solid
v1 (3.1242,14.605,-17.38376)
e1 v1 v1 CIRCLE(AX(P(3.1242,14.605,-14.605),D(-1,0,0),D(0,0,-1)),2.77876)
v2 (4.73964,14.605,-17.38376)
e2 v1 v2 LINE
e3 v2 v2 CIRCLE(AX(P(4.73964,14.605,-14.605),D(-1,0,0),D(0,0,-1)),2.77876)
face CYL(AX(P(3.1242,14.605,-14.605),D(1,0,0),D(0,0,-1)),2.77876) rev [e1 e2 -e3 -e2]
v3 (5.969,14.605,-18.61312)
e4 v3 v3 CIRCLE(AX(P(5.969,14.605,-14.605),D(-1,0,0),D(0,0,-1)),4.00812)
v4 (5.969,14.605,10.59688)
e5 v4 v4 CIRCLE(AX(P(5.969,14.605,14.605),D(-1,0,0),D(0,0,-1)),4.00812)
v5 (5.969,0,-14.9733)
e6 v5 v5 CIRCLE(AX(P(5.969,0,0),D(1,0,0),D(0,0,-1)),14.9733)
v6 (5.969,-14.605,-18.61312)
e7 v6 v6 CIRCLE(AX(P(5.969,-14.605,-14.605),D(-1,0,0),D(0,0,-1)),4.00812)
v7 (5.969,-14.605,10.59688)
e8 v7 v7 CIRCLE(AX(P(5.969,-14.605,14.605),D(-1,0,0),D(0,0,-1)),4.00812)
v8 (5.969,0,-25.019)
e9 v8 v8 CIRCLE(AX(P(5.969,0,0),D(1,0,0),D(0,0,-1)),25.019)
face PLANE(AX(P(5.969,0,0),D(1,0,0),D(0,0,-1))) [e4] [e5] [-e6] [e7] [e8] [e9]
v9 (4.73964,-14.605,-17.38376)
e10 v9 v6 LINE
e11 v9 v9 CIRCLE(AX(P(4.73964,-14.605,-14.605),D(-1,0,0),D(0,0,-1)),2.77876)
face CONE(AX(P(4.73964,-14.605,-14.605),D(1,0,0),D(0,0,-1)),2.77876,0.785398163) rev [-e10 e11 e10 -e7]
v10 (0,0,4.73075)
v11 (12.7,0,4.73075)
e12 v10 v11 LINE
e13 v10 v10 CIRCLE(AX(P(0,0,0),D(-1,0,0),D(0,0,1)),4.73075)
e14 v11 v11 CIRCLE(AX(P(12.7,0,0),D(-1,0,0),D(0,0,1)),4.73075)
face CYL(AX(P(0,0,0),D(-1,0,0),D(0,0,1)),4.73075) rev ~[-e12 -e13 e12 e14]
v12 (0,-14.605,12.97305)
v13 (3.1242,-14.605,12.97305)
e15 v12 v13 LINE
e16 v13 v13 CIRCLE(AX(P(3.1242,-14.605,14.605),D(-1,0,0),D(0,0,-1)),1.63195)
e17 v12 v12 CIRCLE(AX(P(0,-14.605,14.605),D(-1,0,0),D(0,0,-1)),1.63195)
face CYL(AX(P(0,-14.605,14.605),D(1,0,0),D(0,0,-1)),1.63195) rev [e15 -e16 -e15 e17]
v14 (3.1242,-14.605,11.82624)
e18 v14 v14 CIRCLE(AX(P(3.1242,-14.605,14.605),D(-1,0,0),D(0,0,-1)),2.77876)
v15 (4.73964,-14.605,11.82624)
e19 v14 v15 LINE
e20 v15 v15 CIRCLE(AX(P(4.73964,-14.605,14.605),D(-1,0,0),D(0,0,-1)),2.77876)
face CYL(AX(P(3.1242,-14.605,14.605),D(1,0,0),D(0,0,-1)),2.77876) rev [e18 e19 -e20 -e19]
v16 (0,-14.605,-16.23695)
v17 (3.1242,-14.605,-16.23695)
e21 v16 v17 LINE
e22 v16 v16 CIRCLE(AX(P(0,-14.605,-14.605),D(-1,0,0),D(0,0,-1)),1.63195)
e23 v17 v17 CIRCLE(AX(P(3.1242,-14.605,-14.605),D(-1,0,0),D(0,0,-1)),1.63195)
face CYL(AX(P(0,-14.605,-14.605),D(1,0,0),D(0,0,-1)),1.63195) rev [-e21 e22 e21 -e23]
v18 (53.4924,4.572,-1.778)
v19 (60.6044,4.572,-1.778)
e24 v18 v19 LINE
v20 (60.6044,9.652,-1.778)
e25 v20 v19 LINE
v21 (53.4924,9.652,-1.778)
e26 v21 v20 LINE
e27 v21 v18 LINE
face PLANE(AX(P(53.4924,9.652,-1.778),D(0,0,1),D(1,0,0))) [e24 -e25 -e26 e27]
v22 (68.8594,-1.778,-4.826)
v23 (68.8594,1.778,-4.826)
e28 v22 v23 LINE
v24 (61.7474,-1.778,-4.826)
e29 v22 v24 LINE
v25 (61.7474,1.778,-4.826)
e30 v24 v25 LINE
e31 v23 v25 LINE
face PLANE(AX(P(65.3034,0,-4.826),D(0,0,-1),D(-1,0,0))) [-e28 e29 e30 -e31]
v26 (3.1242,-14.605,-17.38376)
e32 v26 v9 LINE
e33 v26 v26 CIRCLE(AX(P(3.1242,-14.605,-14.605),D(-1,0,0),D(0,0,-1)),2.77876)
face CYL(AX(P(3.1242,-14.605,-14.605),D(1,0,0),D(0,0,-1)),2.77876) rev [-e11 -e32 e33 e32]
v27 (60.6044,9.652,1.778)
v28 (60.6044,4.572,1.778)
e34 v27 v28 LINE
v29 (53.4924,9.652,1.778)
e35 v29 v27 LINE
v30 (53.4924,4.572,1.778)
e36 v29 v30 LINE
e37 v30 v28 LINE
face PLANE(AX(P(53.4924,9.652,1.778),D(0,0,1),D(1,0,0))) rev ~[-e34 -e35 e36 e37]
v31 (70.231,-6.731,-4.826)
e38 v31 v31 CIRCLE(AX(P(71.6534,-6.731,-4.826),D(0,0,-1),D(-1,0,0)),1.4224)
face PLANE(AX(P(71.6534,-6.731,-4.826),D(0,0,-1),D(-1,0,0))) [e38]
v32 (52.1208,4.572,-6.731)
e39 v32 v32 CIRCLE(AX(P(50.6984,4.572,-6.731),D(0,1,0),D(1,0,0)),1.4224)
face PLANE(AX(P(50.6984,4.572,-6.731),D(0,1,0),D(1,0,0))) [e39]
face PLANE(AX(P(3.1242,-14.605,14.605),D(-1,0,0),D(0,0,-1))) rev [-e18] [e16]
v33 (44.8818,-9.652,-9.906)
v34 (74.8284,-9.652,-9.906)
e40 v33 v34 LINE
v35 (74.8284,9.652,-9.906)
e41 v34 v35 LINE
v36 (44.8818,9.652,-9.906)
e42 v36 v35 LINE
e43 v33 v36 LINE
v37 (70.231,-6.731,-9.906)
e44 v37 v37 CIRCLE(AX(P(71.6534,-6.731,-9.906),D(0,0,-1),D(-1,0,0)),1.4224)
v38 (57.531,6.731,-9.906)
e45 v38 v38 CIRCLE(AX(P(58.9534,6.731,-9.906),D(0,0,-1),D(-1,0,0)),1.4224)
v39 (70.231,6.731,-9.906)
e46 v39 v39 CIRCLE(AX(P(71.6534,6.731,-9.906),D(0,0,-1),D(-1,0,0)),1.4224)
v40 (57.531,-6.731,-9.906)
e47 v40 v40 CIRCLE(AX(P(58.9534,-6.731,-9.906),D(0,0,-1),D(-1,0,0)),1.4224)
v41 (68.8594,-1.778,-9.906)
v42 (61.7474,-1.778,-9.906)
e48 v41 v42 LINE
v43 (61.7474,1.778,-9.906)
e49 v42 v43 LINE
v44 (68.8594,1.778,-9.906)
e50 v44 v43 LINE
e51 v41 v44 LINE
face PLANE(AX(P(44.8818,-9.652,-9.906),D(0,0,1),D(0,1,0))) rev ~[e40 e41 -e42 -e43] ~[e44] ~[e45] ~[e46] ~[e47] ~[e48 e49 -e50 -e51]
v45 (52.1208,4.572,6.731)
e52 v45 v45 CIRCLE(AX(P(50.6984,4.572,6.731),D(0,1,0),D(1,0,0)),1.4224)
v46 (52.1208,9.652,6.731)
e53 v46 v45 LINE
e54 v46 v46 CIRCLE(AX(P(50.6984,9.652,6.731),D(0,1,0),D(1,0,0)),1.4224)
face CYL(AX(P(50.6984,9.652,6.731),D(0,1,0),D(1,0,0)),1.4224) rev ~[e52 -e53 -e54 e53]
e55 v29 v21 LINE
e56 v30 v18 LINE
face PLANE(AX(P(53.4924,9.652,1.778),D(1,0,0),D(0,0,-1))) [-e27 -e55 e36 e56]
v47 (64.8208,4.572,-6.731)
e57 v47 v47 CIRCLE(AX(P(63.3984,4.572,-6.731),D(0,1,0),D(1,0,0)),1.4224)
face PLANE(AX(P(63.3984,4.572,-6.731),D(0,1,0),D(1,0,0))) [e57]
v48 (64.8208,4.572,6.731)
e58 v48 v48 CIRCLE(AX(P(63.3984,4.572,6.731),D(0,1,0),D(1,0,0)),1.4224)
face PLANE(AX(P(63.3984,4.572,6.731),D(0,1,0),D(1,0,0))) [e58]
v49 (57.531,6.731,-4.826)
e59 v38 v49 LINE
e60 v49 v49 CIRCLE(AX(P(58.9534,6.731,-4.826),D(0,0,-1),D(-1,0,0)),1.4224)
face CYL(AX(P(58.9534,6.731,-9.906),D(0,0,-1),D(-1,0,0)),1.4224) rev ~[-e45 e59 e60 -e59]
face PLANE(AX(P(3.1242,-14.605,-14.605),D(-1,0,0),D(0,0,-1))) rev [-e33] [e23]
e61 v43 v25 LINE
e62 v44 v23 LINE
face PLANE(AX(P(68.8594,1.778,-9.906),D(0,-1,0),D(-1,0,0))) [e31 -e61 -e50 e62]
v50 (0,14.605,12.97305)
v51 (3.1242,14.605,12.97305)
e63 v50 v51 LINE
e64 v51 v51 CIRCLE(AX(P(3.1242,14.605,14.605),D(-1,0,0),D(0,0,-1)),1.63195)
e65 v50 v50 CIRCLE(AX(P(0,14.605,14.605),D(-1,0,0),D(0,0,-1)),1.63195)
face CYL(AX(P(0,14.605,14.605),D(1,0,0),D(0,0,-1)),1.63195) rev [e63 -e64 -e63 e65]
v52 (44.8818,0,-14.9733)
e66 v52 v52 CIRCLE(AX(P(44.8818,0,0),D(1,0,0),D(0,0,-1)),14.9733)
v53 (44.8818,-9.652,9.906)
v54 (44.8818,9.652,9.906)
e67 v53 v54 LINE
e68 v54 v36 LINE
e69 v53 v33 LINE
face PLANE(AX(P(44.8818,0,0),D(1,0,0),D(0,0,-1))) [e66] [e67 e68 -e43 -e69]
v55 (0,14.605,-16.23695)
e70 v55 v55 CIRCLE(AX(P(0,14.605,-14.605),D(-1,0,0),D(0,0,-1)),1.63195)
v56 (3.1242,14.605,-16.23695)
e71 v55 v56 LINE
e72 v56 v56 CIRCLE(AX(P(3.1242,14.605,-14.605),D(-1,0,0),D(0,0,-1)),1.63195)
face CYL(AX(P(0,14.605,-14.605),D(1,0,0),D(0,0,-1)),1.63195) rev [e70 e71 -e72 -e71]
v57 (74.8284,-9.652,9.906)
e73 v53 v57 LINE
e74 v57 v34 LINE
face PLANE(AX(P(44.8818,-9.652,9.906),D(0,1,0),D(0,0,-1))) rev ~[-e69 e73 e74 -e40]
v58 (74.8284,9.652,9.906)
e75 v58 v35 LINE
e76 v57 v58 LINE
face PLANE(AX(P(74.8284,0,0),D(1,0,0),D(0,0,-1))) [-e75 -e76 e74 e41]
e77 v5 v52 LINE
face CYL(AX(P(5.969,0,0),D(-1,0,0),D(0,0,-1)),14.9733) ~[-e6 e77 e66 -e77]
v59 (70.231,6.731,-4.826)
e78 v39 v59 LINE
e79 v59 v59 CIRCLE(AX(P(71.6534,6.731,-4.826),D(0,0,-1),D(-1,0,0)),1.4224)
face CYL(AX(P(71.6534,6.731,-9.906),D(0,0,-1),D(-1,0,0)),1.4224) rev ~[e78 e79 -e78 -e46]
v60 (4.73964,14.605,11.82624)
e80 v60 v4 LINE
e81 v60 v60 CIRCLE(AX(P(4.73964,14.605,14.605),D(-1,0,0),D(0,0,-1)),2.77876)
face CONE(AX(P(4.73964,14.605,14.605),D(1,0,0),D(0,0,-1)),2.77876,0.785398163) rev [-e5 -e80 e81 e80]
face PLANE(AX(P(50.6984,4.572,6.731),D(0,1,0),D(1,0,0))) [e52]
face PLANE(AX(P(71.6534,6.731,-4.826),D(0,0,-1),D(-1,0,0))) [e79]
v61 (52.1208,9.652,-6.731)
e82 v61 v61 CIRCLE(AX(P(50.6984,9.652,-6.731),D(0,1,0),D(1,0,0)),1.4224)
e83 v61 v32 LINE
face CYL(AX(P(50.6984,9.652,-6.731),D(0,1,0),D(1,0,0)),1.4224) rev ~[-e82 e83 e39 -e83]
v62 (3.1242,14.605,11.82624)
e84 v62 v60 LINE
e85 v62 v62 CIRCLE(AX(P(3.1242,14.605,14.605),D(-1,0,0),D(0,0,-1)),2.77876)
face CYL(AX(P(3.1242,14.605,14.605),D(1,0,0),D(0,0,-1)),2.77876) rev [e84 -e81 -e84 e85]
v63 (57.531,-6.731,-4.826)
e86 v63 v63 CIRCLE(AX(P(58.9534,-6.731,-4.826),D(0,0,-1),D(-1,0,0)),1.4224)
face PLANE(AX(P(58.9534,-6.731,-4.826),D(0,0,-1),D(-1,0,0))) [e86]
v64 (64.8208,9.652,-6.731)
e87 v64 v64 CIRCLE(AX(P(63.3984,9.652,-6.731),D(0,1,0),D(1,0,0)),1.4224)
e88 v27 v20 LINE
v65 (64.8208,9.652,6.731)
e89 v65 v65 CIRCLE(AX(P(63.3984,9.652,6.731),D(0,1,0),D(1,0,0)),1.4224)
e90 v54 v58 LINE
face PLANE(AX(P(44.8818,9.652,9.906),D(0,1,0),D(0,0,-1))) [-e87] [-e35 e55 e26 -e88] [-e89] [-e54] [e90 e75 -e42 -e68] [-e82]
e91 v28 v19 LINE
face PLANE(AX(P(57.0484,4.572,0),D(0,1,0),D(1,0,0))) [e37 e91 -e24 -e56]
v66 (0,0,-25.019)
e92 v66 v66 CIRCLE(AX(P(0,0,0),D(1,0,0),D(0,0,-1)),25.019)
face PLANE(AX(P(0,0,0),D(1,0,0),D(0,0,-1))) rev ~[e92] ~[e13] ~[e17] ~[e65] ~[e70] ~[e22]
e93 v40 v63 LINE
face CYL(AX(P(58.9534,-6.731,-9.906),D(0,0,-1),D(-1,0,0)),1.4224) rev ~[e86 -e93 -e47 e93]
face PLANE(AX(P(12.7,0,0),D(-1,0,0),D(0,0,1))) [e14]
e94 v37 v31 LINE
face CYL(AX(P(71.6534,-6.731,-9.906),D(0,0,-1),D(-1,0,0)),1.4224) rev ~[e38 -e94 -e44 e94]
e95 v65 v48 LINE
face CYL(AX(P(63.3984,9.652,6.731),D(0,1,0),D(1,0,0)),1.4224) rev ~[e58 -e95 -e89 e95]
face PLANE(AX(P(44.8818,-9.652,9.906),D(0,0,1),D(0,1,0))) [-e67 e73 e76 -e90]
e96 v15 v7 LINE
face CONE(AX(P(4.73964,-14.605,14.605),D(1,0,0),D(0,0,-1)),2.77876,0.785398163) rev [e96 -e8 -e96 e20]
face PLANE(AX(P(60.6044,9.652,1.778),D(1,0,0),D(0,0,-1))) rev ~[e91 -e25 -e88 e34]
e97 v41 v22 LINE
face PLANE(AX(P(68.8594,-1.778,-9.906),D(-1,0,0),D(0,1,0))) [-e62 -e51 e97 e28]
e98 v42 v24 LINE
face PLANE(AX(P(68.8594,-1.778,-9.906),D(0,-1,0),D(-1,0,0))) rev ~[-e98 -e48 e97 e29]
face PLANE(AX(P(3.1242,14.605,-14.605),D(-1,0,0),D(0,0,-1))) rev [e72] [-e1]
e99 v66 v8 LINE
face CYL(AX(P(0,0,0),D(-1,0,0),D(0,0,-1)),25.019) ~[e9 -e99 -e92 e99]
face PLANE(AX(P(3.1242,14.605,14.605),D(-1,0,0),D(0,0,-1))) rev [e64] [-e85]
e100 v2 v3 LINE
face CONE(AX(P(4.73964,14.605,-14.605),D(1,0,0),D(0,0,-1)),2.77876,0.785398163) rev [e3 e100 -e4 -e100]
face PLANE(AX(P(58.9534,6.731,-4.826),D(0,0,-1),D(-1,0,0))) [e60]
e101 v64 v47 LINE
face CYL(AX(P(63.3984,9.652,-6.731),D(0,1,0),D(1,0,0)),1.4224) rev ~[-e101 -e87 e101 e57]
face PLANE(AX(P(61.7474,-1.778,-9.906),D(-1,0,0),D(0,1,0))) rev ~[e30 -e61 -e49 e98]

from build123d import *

# Parameters (mm, degrees)
SKETCH1_R                                     = 25.019
BOSS_EXTRUDE1_DEPTH                           = 5.969
SKETCH2_R                                     = 14.9733
BOSS_EXTRUDE2_DEPTH                           = 38.9128
SKETCH3_W                                     = 19.812
SKETCH3_H                                     = 19.304
BOSS_EXTRUDE3_DEPTH                           = 29.9466
CBORE_FOR_4_SOCKET_HEAD_CAP_SCREW1_AT_2_COUNT = 2
CBORE_FOR_4_SOCKET_HEAD_CAP_SCREW1_AT_2_PITCH = 29.21
CBORE_FOR_4_SOCKET_HEAD_CAP_SCREW1_AT_3_COUNT = 2
CBORE_FOR_4_SOCKET_HEAD_CAP_SCREW1_AT_3_PITCH = 29.21
CBORE_FOR_4_SOCKET_HEAD_CAP_SCREW1_AT_4_COUNT = 2
CBORE_FOR_4_SOCKET_HEAD_CAP_SCREW1_AT_4_PITCH = 41.309178157
SKETCH6_R                                     = 1.4224
SKETCH6_W                                     = 7.112
SKETCH6_H                                     = 3.556
CUT_EXTRUDE1_DEPTH                            = 5.08
SKETCH7_R                                     = 1.4224
SKETCH7_W                                     = 7.112
SKETCH7_H                                     = 3.556
CUT_EXTRUDE2_DEPTH                            = 5.08
SKETCH8_R                                     = 4.73075
CUT_EXTRUDE3_DEPTH                            = 12.7


with BuildPart() as part:
    # Sketch1 → Boss-Extrude1 (new body)
    with BuildSketch(Plane(origin=(0, 0, 0), x_dir=(0, 0, -1), z_dir=(1, 0, 0))):
        Circle(SKETCH1_R)
    extrude(amount=BOSS_EXTRUDE1_DEPTH)

    # Sketch2 → Boss-Extrude2 (add)
    with BuildSketch(Plane(origin=(5.969, 0, 0), x_dir=(0, 0, -1), z_dir=(1, 0, 0))):
        Circle(SKETCH2_R)
    extrude(amount=BOSS_EXTRUDE2_DEPTH)

    # Sketch3 → Boss-Extrude3 (add)
    with BuildSketch(Plane(origin=(44.8818, 0, 0), x_dir=(0, 0, -1), z_dir=(1, 0, 0))):
        Rectangle(SKETCH3_W, SKETCH3_H)
    extrude(amount=BOSS_EXTRUDE3_DEPTH)

    # Sketch4 → CBORE for #4 Socket Head Cap Screw1 (revolve, cut)
    with BuildSketch(Plane(origin=(5.969, 14.605, -14.605), x_dir=(0, 0, -1), z_dir=(0, 1, 0))):
        Polygon((0, 0), (0, 5.969), (1.63195, 5.969), (1.63195, 2.8448), (2.77876, 2.8448), (2.77876, 1.22936), (4.00812, 0), align=None)
    cbore_for_4_socket_head_cap_screw1 = revolve(axis=Axis((12.319, 14.605, -14.605), (-1, 0, 0)), mode=Mode.SUBTRACT)

    # CBORE for #4 Socket Head Cap Screw1 at 2: CBORE for #4 Socket Head Cap Screw1 ×2
    with Locations(*[(0, 0, i * CBORE_FOR_4_SOCKET_HEAD_CAP_SCREW1_AT_2_PITCH) for i in range(1, CBORE_FOR_4_SOCKET_HEAD_CAP_SCREW1_AT_2_COUNT)]):
        add(cbore_for_4_socket_head_cap_screw1, mode=Mode.SUBTRACT)

    # CBORE for #4 Socket Head Cap Screw1 at 3: CBORE for #4 Socket Head Cap Screw1 ×2
    with Locations(*[(0, -i * CBORE_FOR_4_SOCKET_HEAD_CAP_SCREW1_AT_3_PITCH, 0) for i in range(1, CBORE_FOR_4_SOCKET_HEAD_CAP_SCREW1_AT_3_COUNT)]):
        add(cbore_for_4_socket_head_cap_screw1, mode=Mode.SUBTRACT)

    # CBORE for #4 Socket Head Cap Screw1 at 4: CBORE for #4 Socket Head Cap Screw1 ×2
    with Locations(*[Vector(0, -0.707106781, 0.707106781) * (i * CBORE_FOR_4_SOCKET_HEAD_CAP_SCREW1_AT_4_PITCH) for i in range(1, CBORE_FOR_4_SOCKET_HEAD_CAP_SCREW1_AT_4_COUNT)]):
        add(cbore_for_4_socket_head_cap_screw1, mode=Mode.SUBTRACT)

    # Sketch6 → Cut-Extrude1 (cut)
    with BuildSketch(Plane(origin=(0, 9.652, 0), x_dir=(1, 0, 0), z_dir=(0, 1, 0))):
        with Locations((63.3984, 6.731)):
            Circle(SKETCH6_R)
        with Locations((50.6984, 6.731)):
            Circle(SKETCH6_R)
        with Locations((50.6984, -6.731)):
            Circle(SKETCH6_R)
        with Locations((63.3984, -6.731)):
            Circle(SKETCH6_R)
        with Locations((57.0484, 0)):
            Rectangle(SKETCH6_W, SKETCH6_H)
    extrude(amount=-CUT_EXTRUDE1_DEPTH, mode=Mode.SUBTRACT)

    # Sketch7 → Cut-Extrude2 (cut)
    with BuildSketch(Plane(origin=(0, 0, -9.906), x_dir=(-1, 0, 0), z_dir=(0, 0, -1))):
        with Locations((-71.6534, 6.731)):
            Circle(SKETCH7_R)
        with Locations((-58.9534, 6.731)):
            Circle(SKETCH7_R)
        with Locations((-58.9534, -6.731)):
            Circle(SKETCH7_R)
        with Locations((-71.6534, -6.731)):
            Circle(SKETCH7_R)
        with Locations((-65.3034, 0)):
            Rectangle(SKETCH7_W, SKETCH7_H)
    extrude(amount=-CUT_EXTRUDE2_DEPTH, mode=Mode.SUBTRACT)

    # Sketch8 → Cut-Extrude3 (cut)
    with BuildSketch(Plane.ZY):
        Circle(SKETCH8_R)
    extrude(amount=-CUT_EXTRUDE3_DEPTH, mode=Mode.SUBTRACT)


solid = part.part
